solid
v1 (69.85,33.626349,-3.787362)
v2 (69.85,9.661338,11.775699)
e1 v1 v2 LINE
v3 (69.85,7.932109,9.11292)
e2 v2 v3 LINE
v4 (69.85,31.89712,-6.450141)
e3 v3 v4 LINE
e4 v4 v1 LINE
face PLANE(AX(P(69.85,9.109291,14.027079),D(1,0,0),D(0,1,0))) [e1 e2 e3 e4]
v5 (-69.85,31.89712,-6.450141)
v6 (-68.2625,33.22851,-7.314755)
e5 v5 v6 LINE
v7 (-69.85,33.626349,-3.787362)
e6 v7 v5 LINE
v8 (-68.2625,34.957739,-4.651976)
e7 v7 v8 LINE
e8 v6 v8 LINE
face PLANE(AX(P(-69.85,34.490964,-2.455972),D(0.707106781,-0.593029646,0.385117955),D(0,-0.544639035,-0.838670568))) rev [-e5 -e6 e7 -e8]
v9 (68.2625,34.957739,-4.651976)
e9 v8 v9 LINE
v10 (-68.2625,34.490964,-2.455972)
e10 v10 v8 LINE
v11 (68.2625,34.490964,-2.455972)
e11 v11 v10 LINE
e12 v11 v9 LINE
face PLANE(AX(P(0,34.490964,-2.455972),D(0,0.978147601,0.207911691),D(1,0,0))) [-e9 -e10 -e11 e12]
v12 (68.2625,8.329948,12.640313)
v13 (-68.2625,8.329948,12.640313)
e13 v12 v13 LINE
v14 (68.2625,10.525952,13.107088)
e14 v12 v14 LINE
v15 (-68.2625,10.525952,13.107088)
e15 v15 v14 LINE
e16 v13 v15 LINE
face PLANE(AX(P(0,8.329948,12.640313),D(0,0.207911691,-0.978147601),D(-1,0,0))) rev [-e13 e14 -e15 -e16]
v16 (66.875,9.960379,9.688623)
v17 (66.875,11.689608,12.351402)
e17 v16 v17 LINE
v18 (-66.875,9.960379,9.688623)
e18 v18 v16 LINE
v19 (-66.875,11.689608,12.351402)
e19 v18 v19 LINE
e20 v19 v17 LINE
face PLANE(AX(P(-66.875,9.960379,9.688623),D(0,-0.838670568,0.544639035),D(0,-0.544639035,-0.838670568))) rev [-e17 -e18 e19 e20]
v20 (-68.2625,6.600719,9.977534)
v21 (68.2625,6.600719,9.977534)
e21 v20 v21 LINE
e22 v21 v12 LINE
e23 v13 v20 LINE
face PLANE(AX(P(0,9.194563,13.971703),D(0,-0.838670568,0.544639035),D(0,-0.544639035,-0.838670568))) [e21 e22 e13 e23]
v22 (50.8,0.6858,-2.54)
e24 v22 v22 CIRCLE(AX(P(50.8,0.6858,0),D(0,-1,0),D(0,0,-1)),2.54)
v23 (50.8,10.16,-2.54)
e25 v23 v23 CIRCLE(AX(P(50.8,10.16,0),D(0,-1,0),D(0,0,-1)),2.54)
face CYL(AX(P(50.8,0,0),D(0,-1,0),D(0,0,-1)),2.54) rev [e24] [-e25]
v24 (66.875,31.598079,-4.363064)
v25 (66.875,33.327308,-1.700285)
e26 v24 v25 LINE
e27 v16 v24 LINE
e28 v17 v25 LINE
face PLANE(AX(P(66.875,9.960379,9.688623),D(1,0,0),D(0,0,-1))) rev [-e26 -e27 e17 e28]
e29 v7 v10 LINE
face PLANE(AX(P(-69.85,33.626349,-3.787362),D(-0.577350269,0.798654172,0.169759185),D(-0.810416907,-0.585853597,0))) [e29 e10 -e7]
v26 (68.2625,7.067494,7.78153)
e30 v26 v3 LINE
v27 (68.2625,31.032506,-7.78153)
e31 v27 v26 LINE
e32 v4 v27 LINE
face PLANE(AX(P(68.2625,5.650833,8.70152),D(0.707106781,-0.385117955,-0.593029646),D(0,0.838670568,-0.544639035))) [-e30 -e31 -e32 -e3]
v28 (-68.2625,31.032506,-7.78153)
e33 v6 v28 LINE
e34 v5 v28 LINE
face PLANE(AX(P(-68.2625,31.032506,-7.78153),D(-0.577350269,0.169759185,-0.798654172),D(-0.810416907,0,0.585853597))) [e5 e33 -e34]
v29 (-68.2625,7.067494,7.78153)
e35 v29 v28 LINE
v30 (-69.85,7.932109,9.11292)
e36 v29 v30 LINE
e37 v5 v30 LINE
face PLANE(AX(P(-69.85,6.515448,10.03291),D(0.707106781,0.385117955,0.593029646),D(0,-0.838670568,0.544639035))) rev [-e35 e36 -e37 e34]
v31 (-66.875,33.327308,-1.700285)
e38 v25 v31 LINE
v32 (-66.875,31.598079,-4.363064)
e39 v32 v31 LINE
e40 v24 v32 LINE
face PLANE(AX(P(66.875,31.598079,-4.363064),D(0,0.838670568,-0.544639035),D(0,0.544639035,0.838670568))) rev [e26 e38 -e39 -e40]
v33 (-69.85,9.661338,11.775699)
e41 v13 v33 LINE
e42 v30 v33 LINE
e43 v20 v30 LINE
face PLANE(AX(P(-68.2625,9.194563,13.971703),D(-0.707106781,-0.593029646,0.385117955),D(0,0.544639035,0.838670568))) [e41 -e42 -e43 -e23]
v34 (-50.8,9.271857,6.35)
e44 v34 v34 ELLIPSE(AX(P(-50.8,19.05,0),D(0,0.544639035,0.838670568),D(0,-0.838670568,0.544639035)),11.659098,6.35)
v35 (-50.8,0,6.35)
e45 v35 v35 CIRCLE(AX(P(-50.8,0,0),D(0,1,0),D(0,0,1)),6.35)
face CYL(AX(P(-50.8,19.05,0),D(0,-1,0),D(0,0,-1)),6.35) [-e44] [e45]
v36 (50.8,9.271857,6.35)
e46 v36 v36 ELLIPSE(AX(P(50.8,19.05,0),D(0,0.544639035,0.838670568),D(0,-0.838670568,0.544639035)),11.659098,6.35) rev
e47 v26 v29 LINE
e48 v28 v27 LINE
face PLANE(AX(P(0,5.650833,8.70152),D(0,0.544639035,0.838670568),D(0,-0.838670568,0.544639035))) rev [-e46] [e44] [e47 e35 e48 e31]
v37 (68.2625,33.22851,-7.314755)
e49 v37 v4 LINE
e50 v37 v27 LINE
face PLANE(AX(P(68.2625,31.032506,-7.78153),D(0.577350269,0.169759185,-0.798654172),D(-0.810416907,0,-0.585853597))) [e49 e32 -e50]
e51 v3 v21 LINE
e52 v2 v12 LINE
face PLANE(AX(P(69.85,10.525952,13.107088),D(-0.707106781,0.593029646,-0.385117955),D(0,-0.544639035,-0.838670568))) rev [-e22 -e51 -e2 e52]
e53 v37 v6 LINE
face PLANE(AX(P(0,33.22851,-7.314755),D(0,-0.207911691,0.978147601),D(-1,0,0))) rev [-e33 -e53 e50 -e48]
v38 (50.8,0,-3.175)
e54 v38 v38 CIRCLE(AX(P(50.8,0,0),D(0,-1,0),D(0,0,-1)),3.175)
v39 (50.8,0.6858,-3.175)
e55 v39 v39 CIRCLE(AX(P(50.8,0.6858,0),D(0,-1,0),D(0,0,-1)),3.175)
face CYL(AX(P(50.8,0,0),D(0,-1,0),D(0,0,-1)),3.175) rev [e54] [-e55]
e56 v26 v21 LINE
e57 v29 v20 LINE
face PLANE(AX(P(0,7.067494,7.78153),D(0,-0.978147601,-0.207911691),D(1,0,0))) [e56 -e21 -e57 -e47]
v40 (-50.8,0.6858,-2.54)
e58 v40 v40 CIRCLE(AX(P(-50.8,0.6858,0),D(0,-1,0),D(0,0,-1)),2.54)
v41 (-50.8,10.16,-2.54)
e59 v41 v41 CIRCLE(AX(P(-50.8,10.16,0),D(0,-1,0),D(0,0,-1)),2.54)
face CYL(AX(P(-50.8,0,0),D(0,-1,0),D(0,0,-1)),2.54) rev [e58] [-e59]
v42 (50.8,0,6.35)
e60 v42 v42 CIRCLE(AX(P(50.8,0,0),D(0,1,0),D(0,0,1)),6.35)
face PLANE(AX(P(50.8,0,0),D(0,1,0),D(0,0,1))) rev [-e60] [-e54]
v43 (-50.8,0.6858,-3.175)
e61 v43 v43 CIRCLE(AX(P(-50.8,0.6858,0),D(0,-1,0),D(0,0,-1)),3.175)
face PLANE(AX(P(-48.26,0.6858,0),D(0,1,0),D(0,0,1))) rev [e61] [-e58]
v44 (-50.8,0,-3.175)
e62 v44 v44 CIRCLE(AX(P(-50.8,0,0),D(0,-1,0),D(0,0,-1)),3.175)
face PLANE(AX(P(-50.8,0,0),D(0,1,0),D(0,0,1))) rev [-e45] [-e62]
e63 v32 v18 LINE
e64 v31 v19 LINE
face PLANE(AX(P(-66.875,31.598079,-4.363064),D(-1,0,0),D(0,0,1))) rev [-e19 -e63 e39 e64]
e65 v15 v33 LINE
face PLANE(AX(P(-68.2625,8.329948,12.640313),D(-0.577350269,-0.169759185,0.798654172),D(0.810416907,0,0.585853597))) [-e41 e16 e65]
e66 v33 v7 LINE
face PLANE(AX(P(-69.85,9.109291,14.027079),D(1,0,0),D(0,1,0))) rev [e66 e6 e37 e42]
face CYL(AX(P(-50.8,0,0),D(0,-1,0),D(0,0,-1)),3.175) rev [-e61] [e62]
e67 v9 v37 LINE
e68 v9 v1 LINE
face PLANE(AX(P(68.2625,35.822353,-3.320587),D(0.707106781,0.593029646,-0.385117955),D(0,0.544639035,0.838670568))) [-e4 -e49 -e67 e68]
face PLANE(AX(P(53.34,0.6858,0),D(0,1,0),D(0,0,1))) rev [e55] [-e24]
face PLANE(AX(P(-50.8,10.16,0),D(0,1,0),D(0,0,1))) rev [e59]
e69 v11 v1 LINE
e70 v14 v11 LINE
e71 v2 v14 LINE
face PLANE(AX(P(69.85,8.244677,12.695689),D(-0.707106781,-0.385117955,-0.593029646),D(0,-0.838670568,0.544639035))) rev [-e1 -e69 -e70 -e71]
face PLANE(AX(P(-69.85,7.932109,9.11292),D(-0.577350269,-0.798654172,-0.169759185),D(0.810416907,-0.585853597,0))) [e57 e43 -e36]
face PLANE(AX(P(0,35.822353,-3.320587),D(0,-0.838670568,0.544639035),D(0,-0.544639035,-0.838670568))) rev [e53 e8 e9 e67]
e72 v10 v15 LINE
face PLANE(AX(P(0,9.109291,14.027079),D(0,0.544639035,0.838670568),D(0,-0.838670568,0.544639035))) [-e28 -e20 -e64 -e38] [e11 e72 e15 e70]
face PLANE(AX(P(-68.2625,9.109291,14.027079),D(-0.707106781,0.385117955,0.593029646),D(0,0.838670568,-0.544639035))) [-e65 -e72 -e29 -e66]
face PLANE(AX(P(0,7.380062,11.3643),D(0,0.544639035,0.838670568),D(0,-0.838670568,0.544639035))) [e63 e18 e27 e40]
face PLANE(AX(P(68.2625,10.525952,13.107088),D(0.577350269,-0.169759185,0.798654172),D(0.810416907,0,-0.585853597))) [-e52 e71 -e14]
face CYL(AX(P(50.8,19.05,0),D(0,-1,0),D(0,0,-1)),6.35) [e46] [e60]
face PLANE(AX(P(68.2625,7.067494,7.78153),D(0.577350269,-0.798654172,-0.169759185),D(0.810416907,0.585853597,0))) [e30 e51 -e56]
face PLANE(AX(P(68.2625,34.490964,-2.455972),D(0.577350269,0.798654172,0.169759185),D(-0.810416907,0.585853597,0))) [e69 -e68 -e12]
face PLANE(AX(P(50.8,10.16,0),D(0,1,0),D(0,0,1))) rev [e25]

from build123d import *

# Parameters (mm, degrees)
SKETCH2_R             = 6.35
BOSS_EXTRUDE1_DEPTH   = 19.05
BOSS_EXTRUDE1_2_DEPTH = 19.05
SKETCH3_W             = 139.7
SKETCH3_H             = 31.75
BOSS_EXTRUDE2_DEPTH   = 6.35
BOSS_EXTRUDE3_REACH   = 75.737
SKETCH9_W             = 133.75
SKETCH9_H             = 25.8
CUT_EXTRUDE1_DEPTH    = 3.175
CHAMFER2_SIZE         = 1.5875
HOLE1_D               = 5.08
HOLE1_DEPTH           = 10.16
HOLE1_CBORE_D         = 6.35
HOLE1_CBORE_DEPTH     = 0.6858


with BuildPart() as part:
    # Sketch2 → Boss-Extrude1 (new body)
    with BuildSketch(Plane(origin=(0, 0, 0), x_dir=(1, 0, 0), z_dir=(0, 1, 0))):
        with Locations((-50.8, 0)):
            Circle(SKETCH2_R)
    extrude(amount=BOSS_EXTRUDE1_DEPTH)



with BuildPart() as body_2:
    # Sketch2 → Boss-Extrude1 2 (new body)
    with BuildSketch(Plane(origin=(0, 0, 0), x_dir=(1, 0, 0), z_dir=(0, 1, 0))):
        with Locations((50.8, 0)):
            Circle(SKETCH2_R)
    extrude(amount=BOSS_EXTRUDE1_2_DEPTH)


with BuildPart() as part_1:
    add(part.part)

    add(body_2.part)  # Boss-Extrude2 merges body 2
    # Sketch3 → Boss-Extrude2 (add)
    with BuildSketch(Plane(origin=(0, 5.650833475, 8.701520484), x_dir=(-1, 0, 0), z_dir=(0, 0.5446390350150281, 0.8386705679454234))):
        with Locations((0, -15.976674319)):
            Rectangle(SKETCH3_W, SKETCH3_H)
    extrude(amount=BOSS_EXTRUDE2_DEPTH)

    # Sketch8 → Boss-Extrude3 (add, up to next)
    with BuildSketch(Plane(origin=(0, 19.05, 0), x_dir=(1, 0, 0), z_dir=(0, 1, 0)), mode=Mode.PRIVATE) as boss_extrude3_sk1:
        with BuildLine():
            ThreePointArc((57.15, 0), (50.8, 6.35), (44.45, 0))
            Line((44.45, 0), (57.15, 0))
        make_face()
    boss_extrude3_tool1 = extrude(boss_extrude3_sk1.sketch, amount=BOSS_EXTRUDE3_REACH, mode=Mode.PRIVATE) - part_1.part
    # Sketch8 → Boss-Extrude3 (add, up to next)
    with BuildSketch(Plane(origin=(0, 19.05, 0), x_dir=(1, 0, 0), z_dir=(0, 1, 0)), mode=Mode.PRIVATE) as boss_extrude3_sk2:
        with BuildLine():
            ThreePointArc((-44.45, 0), (-50.8, 6.35), (-57.15, 0))
            Line((-57.15, 0), (-44.45, 0))
        make_face()
    boss_extrude3_tool2 = extrude(boss_extrude3_sk2.sketch, amount=BOSS_EXTRUDE3_REACH, mode=Mode.PRIVATE) - part_1.part
    add(boss_extrude3_tool1.solids().sort_by_distance((50.8, 19.05, -2.695024))[0])
    add(boss_extrude3_tool2.solids().sort_by_distance((-50.8, 19.05, -2.695024))[0])

    # Sketch9 → Cut-Extrude1 (cut)
    with BuildSketch(Plane(origin=(0, 9.109291347, 14.02707859), x_dir=(1, 0, 0), z_dir=(0, 0.5446390350150282, 0.8386705679454234))):
        with Locations((0, 15.976674319)):
            Rectangle(SKETCH9_W, SKETCH9_H)
    extrude(amount=-CUT_EXTRUDE1_DEPTH, mode=Mode.SUBTRACT)

    # Chamfer2
    chamfer2_edges = [part_1.edges().sort_by_distance(p)[0] for p in [
        (-69.85, 19.05, 0),
        (0, 32.363895266, -8.646144681),
        (69.85, 19.05, 0),
        (0, 5.736104734, 8.646144681),
        (0, 9.194562606, 13.971702787),
        (-69.85, 7.46533367, 11.308923734),
        (-69.85, 22.508457872, 5.325558106),
        (69.85, 7.46533367, 11.308923734),
        (69.85, 22.508457872, 5.325558106),
        (69.85, 34.093124202, -5.983365628),
        (0, 35.822353138, -3.320586574),
        (-69.85, 34.093124202, -5.983365628),
    ]]
    chamfer(chamfer2_edges, length=CHAMFER2_SIZE)

    # Hole1
    with Locations(Plane(origin=(-50.8, 0, 0), x_dir=(0, 0, -1), z_dir=(0, -1, 0))):
        with Locations((0, 0), (0, 101.6)):
            CounterBoreHole(HOLE1_D / 2, HOLE1_CBORE_D / 2, HOLE1_CBORE_DEPTH, depth=HOLE1_DEPTH)


solid = part_1.part
